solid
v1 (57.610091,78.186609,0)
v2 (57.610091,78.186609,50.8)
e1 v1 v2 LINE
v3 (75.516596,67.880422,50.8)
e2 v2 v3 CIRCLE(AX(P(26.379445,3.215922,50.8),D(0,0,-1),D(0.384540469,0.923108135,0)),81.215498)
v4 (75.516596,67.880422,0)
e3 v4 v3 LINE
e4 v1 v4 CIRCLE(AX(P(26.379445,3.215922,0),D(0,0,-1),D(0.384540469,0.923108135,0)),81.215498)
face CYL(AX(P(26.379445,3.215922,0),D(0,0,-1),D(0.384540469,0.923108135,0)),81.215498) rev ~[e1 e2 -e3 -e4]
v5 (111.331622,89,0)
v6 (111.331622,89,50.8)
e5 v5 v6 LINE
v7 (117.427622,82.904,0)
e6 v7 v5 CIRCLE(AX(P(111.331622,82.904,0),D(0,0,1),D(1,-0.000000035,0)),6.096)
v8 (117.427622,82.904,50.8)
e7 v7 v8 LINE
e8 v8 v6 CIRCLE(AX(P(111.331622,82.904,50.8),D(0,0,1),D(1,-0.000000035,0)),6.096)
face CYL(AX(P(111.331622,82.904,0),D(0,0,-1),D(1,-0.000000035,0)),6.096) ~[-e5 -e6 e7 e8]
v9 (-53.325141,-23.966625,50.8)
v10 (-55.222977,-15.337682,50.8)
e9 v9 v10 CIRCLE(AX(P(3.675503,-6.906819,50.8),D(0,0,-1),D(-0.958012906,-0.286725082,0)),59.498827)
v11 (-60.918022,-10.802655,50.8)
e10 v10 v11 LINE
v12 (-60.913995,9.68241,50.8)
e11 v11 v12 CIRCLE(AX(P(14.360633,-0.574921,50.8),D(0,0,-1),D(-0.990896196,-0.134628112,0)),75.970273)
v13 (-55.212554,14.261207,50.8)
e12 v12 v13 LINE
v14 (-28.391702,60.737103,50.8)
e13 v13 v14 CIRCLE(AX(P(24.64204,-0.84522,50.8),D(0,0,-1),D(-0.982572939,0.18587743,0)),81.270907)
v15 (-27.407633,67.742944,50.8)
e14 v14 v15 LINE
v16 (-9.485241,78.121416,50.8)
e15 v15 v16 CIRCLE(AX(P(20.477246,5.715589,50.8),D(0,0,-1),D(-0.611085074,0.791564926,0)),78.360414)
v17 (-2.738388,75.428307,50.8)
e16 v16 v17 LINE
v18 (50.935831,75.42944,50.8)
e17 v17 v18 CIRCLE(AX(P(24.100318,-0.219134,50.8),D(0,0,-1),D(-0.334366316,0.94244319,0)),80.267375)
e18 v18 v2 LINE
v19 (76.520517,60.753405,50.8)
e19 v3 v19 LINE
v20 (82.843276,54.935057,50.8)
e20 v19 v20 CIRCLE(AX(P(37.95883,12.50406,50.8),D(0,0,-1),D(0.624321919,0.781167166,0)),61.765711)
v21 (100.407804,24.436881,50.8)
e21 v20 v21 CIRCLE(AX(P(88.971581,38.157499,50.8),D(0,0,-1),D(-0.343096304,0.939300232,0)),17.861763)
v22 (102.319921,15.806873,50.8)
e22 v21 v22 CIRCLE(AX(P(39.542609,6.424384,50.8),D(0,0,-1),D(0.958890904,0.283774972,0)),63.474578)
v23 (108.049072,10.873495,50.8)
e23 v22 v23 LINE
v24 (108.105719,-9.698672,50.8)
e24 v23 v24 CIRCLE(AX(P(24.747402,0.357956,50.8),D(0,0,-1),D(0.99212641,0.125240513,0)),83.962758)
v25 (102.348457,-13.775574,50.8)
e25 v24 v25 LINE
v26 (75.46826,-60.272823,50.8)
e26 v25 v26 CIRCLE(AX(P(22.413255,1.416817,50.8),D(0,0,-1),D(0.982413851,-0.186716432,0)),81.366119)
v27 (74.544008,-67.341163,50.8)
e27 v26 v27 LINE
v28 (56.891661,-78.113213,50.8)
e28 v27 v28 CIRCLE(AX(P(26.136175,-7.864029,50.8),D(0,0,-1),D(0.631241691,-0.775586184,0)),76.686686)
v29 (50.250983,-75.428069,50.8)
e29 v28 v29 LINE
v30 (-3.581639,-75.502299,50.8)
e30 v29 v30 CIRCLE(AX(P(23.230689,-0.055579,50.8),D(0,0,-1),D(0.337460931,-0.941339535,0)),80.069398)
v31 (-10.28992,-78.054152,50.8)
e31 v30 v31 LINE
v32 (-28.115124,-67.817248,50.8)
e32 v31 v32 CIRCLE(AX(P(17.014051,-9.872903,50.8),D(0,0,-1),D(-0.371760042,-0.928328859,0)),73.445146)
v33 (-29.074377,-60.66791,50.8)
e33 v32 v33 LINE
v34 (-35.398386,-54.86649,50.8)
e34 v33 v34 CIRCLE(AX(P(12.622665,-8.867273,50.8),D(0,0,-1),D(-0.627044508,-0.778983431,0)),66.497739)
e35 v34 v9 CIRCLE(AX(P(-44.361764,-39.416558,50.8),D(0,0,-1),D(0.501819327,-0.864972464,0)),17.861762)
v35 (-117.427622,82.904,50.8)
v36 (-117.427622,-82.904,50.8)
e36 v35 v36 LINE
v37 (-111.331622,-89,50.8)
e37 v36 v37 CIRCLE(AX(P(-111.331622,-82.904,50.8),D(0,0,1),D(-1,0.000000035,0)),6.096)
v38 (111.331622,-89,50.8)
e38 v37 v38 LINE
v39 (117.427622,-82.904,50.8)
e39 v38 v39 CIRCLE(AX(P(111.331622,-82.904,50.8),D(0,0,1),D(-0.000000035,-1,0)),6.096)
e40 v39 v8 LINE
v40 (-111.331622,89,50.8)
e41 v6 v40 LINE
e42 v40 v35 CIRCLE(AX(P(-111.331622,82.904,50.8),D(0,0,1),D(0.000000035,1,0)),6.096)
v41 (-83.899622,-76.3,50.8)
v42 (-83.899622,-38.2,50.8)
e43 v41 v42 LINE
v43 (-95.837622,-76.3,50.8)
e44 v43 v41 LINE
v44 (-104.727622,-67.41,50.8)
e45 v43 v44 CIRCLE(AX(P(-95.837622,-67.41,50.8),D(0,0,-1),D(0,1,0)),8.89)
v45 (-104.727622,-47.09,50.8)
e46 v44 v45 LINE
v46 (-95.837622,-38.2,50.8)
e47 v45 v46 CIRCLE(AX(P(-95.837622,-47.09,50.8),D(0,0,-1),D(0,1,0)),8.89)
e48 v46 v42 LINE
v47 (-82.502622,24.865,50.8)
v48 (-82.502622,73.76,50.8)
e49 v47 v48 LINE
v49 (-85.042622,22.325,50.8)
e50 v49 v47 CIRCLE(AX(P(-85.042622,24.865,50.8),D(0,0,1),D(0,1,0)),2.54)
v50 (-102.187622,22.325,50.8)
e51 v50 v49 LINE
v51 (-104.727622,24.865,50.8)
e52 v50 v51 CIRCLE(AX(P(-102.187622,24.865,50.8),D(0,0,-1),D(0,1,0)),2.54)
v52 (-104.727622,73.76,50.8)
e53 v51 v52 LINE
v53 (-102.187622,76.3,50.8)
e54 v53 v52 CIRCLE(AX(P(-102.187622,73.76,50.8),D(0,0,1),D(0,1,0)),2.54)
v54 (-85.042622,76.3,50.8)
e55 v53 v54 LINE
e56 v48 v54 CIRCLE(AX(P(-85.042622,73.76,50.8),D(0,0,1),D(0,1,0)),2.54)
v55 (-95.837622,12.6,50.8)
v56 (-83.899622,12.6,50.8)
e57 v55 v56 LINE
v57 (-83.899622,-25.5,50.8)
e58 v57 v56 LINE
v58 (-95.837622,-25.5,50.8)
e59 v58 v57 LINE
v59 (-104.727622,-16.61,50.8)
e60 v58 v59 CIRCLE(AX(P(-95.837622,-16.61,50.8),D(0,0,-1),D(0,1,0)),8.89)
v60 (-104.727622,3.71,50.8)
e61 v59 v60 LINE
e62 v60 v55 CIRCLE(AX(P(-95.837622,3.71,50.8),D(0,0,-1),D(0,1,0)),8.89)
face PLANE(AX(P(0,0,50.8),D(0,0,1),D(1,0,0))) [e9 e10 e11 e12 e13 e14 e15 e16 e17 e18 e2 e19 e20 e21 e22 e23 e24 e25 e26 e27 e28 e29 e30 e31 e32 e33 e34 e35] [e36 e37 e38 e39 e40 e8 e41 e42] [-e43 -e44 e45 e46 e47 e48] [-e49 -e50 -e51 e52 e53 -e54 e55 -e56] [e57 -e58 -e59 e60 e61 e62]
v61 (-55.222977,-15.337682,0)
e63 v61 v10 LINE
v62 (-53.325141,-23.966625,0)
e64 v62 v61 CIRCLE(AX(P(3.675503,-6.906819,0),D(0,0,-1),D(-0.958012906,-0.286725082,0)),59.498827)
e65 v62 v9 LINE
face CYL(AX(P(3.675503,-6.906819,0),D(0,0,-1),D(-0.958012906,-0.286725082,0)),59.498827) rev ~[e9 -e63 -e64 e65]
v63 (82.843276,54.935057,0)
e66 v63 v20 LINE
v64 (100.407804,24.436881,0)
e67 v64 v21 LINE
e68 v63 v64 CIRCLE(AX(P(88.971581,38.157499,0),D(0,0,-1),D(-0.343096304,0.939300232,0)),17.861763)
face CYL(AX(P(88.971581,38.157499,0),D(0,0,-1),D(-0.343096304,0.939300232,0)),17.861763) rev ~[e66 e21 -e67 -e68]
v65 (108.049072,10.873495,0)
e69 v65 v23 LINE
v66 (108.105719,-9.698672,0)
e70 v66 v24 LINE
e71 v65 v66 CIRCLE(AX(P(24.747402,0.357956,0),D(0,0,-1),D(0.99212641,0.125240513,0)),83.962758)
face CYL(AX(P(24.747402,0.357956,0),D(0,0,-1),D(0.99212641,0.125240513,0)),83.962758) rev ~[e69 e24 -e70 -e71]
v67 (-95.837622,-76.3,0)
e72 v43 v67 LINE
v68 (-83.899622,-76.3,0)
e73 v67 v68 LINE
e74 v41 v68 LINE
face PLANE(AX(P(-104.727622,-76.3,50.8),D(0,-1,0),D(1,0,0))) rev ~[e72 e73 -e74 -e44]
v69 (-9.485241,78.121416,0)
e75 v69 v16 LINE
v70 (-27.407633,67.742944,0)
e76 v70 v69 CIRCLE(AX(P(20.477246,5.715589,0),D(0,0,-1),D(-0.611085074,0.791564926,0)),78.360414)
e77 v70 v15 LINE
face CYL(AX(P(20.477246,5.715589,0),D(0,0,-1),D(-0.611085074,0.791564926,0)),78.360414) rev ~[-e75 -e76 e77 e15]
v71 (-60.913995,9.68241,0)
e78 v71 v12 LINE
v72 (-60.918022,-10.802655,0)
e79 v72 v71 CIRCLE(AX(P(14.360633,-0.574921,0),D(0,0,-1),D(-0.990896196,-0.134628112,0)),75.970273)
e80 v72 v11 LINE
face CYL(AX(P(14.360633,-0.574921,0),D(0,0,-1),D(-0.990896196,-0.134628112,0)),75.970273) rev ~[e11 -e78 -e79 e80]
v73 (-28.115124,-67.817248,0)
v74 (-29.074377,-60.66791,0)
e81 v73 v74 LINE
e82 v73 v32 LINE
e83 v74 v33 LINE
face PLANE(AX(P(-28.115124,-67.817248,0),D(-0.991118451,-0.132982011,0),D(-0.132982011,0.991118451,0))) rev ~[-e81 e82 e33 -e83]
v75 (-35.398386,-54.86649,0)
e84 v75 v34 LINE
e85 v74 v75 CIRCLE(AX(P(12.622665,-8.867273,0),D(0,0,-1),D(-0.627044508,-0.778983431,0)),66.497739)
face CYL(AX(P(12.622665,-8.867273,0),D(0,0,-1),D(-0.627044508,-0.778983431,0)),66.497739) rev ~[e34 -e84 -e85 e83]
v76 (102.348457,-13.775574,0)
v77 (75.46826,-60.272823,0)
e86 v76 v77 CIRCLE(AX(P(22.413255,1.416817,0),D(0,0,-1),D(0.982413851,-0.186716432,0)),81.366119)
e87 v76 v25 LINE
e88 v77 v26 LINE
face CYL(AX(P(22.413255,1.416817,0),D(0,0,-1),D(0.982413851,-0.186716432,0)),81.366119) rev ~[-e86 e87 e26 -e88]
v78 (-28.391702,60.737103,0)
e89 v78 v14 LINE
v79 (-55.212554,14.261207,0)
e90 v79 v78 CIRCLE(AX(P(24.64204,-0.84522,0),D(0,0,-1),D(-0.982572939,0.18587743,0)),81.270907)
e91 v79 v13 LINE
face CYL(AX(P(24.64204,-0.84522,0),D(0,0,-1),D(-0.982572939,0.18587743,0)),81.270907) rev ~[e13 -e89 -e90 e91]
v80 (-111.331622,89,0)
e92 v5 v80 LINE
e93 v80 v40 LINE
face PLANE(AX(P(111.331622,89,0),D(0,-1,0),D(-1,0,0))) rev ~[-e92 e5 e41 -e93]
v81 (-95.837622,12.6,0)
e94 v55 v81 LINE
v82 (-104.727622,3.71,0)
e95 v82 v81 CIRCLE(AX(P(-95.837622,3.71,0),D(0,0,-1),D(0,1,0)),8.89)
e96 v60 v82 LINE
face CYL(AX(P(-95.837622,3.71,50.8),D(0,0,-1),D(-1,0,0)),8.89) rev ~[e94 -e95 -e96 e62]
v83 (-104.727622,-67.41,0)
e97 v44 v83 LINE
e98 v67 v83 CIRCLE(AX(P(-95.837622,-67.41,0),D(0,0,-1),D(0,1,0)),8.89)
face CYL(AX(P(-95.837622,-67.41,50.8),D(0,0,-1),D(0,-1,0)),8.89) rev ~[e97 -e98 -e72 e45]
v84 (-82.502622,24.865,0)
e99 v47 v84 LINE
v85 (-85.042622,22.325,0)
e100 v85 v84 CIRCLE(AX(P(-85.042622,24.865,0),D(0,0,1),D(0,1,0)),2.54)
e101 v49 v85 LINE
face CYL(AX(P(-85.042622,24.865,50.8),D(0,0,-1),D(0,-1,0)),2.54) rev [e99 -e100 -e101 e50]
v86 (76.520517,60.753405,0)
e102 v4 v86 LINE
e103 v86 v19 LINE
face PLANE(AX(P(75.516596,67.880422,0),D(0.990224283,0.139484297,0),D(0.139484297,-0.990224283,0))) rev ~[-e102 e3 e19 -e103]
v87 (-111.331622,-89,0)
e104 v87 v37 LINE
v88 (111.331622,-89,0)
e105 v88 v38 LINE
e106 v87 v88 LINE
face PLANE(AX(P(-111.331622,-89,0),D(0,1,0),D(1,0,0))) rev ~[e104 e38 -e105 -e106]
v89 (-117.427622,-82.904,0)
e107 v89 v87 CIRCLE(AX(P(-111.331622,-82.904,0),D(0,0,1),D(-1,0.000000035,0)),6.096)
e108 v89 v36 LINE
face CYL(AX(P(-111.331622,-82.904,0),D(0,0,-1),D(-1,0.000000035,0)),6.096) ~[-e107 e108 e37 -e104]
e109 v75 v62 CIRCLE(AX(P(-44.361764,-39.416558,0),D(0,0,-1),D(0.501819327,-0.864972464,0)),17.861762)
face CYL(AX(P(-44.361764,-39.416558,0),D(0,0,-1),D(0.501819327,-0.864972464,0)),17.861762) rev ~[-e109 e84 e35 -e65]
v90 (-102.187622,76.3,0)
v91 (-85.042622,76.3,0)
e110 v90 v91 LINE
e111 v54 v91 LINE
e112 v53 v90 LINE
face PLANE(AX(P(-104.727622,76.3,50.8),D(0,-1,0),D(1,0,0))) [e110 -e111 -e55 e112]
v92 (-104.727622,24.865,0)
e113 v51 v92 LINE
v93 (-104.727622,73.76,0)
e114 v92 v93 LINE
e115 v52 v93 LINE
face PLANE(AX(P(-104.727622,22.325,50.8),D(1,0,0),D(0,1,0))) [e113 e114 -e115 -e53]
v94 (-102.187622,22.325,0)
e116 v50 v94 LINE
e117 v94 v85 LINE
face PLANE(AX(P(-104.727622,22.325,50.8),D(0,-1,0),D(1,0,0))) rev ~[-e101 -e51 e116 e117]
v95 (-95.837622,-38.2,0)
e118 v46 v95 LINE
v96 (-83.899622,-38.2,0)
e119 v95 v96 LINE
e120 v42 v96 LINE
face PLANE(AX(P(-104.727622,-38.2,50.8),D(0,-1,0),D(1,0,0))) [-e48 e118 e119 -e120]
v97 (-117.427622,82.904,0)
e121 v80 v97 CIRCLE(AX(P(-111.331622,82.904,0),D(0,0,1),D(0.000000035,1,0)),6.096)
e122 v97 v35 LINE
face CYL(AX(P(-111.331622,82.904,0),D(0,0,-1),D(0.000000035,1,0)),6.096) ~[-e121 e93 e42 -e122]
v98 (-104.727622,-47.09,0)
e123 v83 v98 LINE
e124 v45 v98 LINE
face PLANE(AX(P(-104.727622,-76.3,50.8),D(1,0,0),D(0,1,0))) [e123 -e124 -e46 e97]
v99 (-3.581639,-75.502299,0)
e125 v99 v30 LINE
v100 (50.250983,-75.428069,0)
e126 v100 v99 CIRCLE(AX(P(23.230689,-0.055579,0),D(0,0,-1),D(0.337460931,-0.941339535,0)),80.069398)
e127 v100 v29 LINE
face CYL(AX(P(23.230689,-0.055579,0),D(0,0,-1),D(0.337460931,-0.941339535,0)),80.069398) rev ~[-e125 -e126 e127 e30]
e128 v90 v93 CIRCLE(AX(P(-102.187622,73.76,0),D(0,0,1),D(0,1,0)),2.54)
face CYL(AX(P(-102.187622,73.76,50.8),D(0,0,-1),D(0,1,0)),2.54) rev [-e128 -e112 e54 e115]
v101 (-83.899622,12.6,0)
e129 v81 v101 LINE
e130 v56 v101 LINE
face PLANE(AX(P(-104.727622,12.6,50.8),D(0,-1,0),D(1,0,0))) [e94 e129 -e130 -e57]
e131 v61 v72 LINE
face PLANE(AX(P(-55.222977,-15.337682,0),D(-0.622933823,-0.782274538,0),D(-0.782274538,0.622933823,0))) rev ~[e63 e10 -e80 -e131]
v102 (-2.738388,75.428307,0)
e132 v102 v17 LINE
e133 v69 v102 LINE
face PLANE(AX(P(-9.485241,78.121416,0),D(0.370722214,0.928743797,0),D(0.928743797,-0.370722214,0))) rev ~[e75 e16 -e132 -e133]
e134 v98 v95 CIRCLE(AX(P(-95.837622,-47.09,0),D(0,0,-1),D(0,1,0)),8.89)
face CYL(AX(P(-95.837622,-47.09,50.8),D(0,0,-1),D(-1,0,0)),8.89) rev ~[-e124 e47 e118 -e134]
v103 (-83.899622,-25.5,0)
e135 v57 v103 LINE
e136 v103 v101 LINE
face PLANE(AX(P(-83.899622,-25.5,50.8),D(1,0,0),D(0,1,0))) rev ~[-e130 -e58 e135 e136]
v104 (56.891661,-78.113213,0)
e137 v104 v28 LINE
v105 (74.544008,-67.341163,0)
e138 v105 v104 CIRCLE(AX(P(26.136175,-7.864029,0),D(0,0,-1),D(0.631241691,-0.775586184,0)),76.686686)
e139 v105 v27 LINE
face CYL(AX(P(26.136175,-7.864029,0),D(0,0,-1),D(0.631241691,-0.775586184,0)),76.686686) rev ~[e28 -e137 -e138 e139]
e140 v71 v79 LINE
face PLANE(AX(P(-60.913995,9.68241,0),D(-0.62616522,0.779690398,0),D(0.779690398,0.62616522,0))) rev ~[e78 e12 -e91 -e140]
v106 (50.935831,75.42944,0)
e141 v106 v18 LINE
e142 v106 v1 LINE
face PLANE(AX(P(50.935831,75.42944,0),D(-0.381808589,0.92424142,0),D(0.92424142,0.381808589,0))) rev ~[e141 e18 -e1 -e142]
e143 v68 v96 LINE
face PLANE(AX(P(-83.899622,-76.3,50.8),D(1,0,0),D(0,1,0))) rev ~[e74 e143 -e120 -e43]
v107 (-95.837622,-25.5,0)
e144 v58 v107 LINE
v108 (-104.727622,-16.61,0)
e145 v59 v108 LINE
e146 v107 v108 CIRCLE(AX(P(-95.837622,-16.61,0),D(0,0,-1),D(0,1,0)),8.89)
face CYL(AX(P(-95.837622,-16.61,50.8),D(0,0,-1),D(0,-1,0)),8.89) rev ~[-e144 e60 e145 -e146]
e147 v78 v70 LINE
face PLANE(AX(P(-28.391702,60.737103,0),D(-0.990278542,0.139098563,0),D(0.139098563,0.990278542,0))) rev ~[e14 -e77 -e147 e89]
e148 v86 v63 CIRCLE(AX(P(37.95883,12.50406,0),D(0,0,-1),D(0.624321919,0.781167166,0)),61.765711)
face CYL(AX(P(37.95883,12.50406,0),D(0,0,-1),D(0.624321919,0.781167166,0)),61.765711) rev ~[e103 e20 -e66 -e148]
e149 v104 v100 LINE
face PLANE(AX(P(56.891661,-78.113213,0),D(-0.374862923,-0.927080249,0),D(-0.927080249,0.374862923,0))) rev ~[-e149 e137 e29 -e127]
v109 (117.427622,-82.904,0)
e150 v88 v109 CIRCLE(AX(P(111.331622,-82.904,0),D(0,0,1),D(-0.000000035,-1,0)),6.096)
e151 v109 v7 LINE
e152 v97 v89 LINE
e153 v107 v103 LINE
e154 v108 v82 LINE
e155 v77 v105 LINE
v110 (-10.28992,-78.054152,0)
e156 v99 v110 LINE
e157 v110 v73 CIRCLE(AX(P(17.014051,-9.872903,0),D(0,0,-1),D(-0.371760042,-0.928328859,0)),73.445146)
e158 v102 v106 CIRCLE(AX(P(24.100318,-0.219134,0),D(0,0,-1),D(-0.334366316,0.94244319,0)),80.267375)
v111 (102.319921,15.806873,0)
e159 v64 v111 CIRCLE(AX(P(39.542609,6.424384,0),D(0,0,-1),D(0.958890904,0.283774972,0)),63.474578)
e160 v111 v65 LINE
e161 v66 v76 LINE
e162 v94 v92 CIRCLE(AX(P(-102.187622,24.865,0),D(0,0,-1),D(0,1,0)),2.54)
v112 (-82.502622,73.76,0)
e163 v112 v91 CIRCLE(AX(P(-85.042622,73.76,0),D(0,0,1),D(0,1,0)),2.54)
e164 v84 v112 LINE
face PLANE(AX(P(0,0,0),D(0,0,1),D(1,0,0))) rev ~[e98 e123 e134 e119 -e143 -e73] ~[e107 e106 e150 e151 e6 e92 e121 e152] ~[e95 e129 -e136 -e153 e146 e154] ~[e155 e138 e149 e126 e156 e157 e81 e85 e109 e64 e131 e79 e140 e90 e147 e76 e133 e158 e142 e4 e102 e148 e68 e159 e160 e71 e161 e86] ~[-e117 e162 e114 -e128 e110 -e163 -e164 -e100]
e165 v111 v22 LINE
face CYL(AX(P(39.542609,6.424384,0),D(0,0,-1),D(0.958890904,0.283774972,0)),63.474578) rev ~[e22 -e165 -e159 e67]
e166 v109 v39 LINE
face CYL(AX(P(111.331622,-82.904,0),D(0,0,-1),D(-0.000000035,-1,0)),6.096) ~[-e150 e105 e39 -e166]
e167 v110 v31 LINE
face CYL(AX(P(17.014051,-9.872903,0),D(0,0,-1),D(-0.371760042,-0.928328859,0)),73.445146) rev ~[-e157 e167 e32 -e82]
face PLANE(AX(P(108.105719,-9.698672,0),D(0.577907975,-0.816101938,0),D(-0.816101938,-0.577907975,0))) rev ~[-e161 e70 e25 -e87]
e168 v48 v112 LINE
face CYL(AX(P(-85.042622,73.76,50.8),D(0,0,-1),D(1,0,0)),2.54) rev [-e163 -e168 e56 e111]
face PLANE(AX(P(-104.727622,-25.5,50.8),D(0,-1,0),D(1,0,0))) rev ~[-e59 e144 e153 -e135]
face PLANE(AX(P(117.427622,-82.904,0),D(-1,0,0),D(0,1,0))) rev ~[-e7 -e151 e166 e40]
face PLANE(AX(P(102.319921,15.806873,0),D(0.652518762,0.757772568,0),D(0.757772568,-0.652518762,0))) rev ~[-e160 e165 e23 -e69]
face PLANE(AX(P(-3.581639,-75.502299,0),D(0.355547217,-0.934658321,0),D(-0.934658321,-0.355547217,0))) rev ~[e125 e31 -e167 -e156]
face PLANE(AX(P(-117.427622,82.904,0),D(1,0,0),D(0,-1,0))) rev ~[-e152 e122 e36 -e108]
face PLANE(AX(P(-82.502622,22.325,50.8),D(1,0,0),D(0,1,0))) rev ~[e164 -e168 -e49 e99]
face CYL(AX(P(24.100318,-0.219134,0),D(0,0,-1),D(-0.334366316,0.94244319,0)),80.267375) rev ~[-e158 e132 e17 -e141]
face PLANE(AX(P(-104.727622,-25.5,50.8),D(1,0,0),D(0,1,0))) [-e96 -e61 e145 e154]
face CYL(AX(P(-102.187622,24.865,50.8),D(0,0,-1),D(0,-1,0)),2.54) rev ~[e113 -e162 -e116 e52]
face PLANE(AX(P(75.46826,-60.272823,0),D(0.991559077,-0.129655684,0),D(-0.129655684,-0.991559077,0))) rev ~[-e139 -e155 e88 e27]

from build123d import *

# Parameters (mm, degrees)
F1_DEPTH = 50.8
F2_W     = 20.828
F2_H     = 38.1
F3_DEPTH = 50.8
F4_W     = 22.225
F4_H     = 53.975
F5_DEPTH = 50.8
F6_R     = 8.89
F7_R     = 2.54


with BuildPart() as f1:
    # F0 (on Top) → F1 (new body)
    with BuildSketch(Plane.XY):
        with BuildLine():
            ThreePointArc((-111.331622, 89), (-115.642145, 87.214523), (-117.427622, 82.904))
            Line((-117.427622, 82.904), (-117.427622, -82.904))
            ThreePointArc((-117.427622, -82.904), (-115.642145, -87.214523), (-111.331622, -89))
            Line((-111.331622, -89), (111.331622, -89))
            ThreePointArc((111.331622, -89), (115.642145, -87.214523), (117.427622, -82.904))
            Line((117.427622, -82.904), (117.427622, 82.904))
            ThreePointArc((117.427622, 82.904), (115.642145, 87.214523), (111.331622, 89))
            Line((111.331622, 89), (-111.331622, 89))
        make_face()
        with BuildLine():
            ThreePointArc((-60.918022, -10.802655), (-61.609639, -0.559986), (-60.913995, 9.68241))
            Line((-60.913995, 9.68241), (-55.212554, 14.261207))
            ThreePointArc((-55.212554, 14.261207), (-45.748511, 39.77658), (-28.391702, 60.737103))
            Line((-28.391702, 60.737103), (-27.407633, 67.742944))
            ThreePointArc((-27.407633, 67.742944), (-18.790824, 73.526894), (-9.485241, 78.121416))
            Line((-9.485241, 78.121416), (-2.738388, 75.428307))
            ThreePointArc((-2.738388, 75.428307), (24.098624, 80.048241), (50.935831, 75.42944))
            Line((50.935831, 75.42944), (57.610091, 78.186609))
            ThreePointArc((57.610091, 78.186609), (66.892407, 73.605247), (75.516596, 67.880422))
            Line((75.516596, 67.880422), (76.520517, 60.753405))
            ThreePointArc((76.520517, 60.753405), (79.783196, 57.954312), (82.843276, 54.935057))
            ThreePointArc((82.843276, 54.935057), (104.449894, 47.071779), (100.407804, 24.436881))
            ThreePointArc((100.407804, 24.436881), (101.514269, 20.155202), (102.319921, 15.806873))
            Line((102.319921, 15.806873), (108.049072, 10.873495))
            ThreePointArc((108.049072, 10.873495), (108.709842, 0.589153), (108.105719, -9.698672))
            Line((108.105719, -9.698672), (102.348457, -13.775574))
            ThreePointArc((102.348457, -13.775574), (92.855411, -39.306001), (75.46826, -60.272823))
            Line((75.46826, -60.272823), (74.544008, -67.341163))
            ThreePointArc((74.544008, -67.341163), (66.082602, -73.324939), (56.891661, -78.113213))
            Line((56.891661, -78.113213), (50.250983, -75.428069))
            ThreePointArc((50.250983, -75.428069), (23.341097, -80.124901), (-3.581639, -75.502299))
            Line((-3.581639, -75.502299), (-10.28992, -78.054152))
            ThreePointArc((-10.28992, -78.054152), (-19.562426, -73.562391), (-28.115124, -67.817248))
            Line((-28.115124, -67.817248), (-29.074377, -60.66791))
            ThreePointArc((-29.074377, -60.66791), (-32.330068, -57.869325), (-35.398386, -54.86649))
            ThreePointArc((-35.398386, -54.86649), (-59.811696, -48.379935), (-53.325141, -23.966625))
            ThreePointArc((-53.325141, -23.966625), (-54.434448, -19.687429), (-55.222977, -15.337682))
            Line((-55.222977, -15.337682), (-60.918022, -10.802655))
        make_face(mode=Mode.SUBTRACT)
    extrude(amount=F1_DEPTH)

    # F2 (on face) → F3 (cut)
    with BuildSketch(Plane.XY.offset(50.8)):
        with Locations((-94.313622, -57.25)):
            Rectangle(F2_W, F2_H)
        with Locations((-94.313622, -6.45)):
            Rectangle(F2_W, F2_H)
    extrude(amount=-F3_DEPTH, mode=Mode.SUBTRACT)

    # F4 (on face) → F5 (cut)
    with BuildSketch(Plane.XY.offset(50.8)):
        with Locations((-93.615122, 49.3125)):
            Rectangle(F4_W, F4_H)
    extrude(amount=-F5_DEPTH, mode=Mode.SUBTRACT)

    # F6
    f6_edges = [f1.edges().sort_by_distance(p)[0] for p in [
        (-104.727622, 12.6, 25.4),
        (-104.727622, -38.2, 25.4),
        (-104.727622, -25.5, 25.4),
        (-104.727622, -76.3, 25.4),
    ]]
    fillet(f6_edges, radius=F6_R)

    # F7
    f7_edges = [f1.edges().sort_by_distance(p)[0] for p in [
        (-82.502622, 76.3, 25.4),
        (-104.727622, 76.3, 25.4),
        (-82.502622, 22.325, 25.4),
        (-104.727622, 22.325, 25.4),
    ]]
    fillet(f7_edges, radius=F7_R)


solid = f1.part
